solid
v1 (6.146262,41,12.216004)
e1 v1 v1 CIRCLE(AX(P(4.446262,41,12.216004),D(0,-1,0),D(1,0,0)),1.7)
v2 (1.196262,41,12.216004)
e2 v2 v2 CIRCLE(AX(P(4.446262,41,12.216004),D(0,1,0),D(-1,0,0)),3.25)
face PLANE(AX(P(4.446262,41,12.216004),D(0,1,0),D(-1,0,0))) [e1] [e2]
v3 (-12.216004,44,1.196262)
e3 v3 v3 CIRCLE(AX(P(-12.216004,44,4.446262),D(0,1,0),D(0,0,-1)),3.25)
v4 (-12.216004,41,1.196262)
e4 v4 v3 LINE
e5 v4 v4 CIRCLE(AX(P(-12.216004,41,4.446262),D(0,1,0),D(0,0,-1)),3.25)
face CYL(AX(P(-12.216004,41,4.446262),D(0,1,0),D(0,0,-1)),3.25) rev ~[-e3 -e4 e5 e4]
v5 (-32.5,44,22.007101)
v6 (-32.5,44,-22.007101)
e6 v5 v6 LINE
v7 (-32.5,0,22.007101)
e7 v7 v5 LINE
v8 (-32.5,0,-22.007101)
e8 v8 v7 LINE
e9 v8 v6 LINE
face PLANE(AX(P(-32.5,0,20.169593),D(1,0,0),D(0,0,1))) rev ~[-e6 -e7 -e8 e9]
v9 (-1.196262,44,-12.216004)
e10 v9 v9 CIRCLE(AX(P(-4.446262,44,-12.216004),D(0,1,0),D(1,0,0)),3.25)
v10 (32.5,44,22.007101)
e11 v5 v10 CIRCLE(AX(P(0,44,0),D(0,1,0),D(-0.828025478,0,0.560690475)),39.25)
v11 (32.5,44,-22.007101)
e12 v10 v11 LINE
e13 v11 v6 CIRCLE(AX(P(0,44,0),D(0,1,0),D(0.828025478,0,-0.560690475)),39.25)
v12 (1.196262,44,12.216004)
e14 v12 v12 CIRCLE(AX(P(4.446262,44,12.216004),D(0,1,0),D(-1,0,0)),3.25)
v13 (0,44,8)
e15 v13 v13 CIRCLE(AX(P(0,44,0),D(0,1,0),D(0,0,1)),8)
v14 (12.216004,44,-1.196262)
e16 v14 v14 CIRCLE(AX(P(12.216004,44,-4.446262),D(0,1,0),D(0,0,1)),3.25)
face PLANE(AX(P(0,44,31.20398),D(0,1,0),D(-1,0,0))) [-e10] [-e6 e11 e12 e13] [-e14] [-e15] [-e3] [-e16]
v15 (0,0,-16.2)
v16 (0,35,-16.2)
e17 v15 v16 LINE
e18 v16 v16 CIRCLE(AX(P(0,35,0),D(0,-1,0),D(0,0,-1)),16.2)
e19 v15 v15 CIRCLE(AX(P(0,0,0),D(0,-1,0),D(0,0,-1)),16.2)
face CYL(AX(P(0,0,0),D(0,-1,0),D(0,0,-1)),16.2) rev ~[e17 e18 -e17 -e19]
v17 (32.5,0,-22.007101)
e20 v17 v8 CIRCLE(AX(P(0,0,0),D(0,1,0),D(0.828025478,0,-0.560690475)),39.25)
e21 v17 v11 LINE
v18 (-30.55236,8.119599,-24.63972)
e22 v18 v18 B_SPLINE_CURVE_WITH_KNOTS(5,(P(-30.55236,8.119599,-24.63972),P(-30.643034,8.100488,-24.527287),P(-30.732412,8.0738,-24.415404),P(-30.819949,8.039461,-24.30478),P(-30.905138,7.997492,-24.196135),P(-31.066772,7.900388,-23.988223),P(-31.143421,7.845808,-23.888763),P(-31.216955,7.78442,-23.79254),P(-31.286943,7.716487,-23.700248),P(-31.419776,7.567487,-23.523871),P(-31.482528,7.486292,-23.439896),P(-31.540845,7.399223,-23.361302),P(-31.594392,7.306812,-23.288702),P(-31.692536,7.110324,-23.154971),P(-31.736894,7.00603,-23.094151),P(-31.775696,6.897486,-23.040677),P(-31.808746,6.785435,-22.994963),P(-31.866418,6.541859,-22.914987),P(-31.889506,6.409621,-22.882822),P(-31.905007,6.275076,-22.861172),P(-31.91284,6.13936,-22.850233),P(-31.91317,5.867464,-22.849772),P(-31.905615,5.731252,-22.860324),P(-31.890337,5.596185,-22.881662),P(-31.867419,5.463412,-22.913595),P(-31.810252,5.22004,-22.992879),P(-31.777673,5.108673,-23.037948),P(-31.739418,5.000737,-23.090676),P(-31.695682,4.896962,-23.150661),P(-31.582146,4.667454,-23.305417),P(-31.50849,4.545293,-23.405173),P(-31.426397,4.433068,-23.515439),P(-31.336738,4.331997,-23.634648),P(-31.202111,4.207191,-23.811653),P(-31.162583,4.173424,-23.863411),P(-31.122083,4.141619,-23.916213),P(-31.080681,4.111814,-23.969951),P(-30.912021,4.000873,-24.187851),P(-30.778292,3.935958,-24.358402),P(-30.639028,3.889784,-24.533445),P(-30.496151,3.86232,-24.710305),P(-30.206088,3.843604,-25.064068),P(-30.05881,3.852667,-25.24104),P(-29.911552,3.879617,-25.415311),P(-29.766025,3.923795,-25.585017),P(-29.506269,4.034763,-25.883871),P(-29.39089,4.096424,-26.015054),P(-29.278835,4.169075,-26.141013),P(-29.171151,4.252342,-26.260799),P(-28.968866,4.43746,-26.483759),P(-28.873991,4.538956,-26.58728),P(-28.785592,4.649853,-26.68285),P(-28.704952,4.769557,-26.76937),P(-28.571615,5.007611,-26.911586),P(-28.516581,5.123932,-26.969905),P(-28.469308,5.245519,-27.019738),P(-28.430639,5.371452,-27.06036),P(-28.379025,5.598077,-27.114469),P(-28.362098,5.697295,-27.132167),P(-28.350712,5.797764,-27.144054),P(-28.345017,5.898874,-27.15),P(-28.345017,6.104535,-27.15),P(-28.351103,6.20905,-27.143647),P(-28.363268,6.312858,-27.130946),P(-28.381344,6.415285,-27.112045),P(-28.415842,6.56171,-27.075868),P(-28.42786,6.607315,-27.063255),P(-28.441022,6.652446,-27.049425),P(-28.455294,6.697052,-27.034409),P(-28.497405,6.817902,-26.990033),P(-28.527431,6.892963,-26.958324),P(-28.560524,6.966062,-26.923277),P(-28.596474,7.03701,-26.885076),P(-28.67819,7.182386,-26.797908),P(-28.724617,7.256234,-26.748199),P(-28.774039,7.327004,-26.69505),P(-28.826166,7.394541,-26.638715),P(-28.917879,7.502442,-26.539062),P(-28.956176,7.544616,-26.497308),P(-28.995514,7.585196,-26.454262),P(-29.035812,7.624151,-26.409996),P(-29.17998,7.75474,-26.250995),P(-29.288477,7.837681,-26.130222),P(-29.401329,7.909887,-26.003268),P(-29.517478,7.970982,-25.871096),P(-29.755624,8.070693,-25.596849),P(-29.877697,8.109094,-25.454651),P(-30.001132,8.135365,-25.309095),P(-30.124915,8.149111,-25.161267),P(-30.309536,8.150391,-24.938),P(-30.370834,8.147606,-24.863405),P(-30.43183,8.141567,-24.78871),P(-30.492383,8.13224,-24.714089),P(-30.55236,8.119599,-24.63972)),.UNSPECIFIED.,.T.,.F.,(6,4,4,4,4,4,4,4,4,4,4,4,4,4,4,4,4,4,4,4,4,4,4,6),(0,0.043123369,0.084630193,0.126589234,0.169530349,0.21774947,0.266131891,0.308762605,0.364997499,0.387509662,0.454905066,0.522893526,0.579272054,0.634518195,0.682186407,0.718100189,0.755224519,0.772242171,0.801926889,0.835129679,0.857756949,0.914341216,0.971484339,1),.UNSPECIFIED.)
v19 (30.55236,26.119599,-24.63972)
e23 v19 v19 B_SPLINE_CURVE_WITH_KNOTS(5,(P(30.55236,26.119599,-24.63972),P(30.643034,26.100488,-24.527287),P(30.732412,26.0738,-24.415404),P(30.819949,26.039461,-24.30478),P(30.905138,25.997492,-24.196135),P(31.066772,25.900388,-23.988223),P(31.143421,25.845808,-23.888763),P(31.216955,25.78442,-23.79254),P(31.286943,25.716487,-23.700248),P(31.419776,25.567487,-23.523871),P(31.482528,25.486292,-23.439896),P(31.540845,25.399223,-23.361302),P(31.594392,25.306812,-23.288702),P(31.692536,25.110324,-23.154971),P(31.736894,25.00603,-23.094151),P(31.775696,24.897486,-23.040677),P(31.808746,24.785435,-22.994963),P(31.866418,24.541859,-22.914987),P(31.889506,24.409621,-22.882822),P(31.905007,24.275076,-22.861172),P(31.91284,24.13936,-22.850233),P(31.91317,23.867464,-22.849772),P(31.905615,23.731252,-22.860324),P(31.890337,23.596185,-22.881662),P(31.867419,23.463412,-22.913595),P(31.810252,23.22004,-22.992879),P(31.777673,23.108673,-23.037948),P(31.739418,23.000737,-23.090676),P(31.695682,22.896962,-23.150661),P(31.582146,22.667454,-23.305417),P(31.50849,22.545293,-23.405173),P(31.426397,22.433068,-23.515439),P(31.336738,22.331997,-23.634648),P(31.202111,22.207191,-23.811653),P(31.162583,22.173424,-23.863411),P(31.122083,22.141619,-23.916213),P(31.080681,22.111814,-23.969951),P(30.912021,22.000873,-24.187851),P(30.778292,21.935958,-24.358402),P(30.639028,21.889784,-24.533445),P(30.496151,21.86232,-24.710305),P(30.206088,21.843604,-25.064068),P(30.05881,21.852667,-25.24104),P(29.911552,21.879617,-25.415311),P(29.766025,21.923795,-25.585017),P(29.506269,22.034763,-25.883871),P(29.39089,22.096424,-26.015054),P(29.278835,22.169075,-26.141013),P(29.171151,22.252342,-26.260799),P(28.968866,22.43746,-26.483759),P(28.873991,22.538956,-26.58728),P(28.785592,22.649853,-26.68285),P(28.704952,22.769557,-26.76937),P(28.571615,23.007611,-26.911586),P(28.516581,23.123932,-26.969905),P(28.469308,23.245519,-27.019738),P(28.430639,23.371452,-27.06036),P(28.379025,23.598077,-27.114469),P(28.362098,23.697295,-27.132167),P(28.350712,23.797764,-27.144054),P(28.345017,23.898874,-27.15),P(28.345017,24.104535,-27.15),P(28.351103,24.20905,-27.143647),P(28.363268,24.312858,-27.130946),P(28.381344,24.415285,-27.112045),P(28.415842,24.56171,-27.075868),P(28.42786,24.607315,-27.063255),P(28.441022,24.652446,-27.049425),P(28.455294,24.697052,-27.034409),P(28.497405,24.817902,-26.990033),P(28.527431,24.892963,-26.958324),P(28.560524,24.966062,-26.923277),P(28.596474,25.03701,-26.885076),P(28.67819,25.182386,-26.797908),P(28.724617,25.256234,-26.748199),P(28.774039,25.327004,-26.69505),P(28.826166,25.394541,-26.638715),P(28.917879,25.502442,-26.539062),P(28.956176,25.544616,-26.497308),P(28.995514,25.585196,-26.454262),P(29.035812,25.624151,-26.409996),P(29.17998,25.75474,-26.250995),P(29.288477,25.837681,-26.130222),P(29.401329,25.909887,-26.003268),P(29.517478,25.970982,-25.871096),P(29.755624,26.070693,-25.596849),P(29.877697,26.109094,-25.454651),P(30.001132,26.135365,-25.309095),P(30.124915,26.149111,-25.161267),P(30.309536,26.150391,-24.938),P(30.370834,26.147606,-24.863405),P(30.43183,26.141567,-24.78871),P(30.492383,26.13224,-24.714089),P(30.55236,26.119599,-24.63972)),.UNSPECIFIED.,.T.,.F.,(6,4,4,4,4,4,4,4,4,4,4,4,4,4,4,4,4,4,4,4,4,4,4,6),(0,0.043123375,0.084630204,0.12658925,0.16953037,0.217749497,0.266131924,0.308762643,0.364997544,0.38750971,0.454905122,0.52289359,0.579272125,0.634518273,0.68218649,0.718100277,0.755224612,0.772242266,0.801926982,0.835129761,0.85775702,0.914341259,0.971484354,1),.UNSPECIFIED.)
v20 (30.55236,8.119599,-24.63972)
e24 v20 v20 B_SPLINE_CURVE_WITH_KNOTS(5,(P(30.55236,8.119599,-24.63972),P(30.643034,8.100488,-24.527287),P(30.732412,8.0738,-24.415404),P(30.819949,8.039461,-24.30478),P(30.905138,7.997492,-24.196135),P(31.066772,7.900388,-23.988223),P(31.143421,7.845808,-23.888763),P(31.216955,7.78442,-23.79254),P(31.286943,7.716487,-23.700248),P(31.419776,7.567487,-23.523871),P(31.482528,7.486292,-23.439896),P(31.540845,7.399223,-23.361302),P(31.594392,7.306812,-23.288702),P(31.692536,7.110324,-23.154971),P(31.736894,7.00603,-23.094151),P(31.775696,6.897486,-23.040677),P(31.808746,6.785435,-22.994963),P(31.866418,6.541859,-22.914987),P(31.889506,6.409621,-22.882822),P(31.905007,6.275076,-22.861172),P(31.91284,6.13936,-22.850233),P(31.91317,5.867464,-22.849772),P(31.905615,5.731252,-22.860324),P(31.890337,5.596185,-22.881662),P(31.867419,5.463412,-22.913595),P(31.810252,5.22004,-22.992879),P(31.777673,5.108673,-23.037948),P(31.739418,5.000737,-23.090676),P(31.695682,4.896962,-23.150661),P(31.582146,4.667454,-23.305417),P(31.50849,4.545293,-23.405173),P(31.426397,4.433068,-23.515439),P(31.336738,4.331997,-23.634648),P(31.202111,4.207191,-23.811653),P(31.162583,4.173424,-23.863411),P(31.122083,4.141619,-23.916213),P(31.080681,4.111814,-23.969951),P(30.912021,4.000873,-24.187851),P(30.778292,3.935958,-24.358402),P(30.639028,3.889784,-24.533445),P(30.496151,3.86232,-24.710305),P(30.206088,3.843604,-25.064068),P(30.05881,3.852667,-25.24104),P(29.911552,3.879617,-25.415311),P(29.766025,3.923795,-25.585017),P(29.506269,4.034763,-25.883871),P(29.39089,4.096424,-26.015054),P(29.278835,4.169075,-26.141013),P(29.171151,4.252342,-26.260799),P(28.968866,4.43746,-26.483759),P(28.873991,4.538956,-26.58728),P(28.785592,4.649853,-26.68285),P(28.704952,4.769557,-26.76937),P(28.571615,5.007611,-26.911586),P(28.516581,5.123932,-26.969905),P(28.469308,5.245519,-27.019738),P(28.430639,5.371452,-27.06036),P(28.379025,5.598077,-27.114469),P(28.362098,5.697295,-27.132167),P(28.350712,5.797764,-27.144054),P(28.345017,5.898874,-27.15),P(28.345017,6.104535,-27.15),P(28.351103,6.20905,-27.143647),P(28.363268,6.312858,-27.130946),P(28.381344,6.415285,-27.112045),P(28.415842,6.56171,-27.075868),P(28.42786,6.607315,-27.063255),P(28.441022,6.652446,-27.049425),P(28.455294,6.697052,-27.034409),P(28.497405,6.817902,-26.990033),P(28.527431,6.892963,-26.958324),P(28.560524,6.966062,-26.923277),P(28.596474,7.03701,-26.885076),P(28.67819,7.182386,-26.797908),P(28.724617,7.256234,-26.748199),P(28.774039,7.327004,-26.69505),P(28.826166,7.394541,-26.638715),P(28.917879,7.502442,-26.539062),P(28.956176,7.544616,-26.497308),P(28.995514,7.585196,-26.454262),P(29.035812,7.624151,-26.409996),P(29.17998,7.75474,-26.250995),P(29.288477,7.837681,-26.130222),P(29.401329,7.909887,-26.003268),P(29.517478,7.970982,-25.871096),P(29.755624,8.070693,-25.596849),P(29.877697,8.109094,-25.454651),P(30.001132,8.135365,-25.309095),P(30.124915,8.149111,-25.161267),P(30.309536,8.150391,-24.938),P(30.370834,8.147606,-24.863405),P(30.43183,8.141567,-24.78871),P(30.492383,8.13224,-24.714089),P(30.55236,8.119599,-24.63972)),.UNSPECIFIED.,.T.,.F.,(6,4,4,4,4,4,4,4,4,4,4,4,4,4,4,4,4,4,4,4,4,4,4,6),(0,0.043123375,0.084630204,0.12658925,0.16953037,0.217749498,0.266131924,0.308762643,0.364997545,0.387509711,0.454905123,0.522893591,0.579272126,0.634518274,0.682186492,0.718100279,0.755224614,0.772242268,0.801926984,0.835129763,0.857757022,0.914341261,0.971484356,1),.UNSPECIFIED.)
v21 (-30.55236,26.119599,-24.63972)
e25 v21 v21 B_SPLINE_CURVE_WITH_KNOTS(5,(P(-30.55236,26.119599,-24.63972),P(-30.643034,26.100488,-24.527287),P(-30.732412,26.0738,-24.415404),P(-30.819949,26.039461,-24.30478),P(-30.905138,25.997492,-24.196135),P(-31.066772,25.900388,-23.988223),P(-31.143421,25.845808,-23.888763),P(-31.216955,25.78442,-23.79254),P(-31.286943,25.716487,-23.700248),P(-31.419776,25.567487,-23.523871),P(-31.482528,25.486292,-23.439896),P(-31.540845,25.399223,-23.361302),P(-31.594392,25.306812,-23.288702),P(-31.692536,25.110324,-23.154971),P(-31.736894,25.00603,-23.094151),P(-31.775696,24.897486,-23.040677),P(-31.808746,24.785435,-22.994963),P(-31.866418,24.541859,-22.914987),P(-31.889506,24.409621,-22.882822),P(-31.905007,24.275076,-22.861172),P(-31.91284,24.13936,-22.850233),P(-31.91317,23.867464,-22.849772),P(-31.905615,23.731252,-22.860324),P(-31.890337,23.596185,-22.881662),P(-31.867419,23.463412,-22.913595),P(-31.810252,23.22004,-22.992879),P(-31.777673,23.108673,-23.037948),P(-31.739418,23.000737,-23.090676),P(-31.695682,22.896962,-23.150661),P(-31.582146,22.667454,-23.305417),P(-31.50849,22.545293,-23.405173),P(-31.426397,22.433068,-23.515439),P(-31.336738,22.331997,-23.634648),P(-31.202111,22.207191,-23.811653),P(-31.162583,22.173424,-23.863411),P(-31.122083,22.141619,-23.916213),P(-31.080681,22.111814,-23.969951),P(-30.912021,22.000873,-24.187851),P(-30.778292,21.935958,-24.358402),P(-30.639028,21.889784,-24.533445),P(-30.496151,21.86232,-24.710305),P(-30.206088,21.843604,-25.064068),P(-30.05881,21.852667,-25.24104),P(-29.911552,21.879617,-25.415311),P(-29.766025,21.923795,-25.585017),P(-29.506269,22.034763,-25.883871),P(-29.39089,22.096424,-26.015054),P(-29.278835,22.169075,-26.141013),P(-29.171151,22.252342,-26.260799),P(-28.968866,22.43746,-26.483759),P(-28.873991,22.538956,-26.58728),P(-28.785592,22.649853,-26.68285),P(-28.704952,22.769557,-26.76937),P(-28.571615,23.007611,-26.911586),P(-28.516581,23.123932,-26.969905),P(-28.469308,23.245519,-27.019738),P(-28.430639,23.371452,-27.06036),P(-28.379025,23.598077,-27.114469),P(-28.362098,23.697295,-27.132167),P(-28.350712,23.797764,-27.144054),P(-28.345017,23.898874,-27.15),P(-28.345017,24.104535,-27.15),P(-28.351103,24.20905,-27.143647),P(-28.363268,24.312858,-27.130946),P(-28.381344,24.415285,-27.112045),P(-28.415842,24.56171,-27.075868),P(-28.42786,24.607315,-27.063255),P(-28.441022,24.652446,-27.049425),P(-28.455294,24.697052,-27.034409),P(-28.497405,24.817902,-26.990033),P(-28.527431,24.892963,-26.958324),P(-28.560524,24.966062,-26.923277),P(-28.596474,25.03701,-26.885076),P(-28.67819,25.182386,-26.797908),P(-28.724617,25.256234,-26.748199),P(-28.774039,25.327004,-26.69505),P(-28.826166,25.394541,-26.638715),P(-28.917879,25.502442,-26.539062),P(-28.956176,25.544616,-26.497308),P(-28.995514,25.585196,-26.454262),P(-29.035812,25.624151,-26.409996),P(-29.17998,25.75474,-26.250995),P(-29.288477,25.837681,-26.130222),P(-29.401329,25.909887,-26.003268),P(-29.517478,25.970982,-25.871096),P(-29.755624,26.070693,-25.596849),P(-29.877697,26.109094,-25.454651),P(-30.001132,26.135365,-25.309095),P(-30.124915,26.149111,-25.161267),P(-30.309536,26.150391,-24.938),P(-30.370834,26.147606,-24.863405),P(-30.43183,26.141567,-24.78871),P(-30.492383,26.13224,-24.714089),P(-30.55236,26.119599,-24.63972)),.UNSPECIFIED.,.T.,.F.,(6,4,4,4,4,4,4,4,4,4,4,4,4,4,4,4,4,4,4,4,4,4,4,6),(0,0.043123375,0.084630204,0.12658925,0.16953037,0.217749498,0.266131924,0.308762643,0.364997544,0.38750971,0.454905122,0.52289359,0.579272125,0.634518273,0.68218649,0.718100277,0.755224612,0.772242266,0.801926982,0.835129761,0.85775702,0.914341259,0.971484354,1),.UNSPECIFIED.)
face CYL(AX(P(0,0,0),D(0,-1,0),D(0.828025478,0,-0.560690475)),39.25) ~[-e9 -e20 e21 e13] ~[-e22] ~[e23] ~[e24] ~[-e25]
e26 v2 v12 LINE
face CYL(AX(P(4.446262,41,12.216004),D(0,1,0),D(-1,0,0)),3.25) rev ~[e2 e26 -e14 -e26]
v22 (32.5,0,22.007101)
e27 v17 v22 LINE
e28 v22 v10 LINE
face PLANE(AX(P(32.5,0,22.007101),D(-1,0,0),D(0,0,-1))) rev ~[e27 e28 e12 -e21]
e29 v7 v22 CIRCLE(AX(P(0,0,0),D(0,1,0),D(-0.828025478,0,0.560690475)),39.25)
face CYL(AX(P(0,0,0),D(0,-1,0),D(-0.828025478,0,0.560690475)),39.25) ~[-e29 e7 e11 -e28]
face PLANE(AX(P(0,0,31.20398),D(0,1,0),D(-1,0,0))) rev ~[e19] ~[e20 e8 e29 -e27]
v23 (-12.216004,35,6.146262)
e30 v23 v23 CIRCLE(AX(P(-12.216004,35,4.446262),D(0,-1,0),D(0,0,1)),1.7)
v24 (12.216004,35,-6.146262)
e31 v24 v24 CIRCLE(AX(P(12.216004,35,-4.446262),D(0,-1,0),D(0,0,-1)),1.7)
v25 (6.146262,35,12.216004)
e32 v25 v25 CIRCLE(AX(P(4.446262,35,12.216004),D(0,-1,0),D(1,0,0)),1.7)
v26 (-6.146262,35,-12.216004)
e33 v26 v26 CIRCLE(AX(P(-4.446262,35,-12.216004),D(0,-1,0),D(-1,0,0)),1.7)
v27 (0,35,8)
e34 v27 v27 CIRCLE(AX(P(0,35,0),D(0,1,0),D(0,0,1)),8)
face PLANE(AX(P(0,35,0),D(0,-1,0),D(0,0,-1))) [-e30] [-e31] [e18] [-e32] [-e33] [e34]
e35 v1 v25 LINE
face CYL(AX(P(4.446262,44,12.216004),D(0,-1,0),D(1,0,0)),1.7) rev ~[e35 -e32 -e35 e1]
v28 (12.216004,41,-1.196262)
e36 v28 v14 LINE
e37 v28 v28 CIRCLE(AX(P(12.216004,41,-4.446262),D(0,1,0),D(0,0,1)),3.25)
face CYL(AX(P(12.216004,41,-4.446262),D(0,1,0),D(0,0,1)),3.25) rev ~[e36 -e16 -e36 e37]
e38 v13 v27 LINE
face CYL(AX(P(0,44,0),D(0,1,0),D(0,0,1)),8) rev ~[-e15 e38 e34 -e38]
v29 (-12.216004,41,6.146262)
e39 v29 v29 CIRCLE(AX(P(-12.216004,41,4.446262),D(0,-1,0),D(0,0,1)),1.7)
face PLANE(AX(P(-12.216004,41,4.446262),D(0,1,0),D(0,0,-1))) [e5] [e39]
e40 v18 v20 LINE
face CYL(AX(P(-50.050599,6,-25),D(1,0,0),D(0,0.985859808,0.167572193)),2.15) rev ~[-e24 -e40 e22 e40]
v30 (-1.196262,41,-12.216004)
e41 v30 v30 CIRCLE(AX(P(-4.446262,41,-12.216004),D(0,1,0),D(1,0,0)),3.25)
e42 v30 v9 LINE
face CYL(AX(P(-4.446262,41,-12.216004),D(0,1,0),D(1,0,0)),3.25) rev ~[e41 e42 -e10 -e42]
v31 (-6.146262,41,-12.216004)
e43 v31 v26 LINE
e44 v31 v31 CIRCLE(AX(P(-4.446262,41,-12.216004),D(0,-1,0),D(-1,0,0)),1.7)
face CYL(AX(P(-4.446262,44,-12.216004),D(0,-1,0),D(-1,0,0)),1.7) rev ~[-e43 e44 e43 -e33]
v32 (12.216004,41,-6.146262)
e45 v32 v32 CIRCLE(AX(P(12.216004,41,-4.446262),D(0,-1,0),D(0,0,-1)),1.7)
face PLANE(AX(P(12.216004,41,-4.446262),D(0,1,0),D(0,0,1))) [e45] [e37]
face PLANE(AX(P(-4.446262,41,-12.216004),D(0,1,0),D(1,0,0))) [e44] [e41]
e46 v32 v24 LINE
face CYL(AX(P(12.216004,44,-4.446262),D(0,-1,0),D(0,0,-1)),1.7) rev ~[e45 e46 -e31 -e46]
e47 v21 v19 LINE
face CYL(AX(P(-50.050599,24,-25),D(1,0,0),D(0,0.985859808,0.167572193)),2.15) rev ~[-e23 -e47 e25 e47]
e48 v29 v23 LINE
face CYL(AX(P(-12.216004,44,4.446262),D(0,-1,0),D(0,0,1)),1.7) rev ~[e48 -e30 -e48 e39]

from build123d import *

# Parameters (mm, degrees)
BOSS_EXTRUDE1_DEPTH            = 44
CBORE_FOR_M3_SHCS1_D           = 3.4
CBORE_FOR_M3_SHCS1_CBORE_D     = 6.5
CBORE_FOR_M3_SHCS1_CBORE_DEPTH = 3
CIRPATTERN1_COUNT              = 4
SKETCH4_R                      = 16.2
CUT_EXTRUDE1_DEPTH             = 35
SKETCH5_R                      = 8
CUT_EXTRUDE2_DEPTH             = 67.748127315
BOSS_EXTRUDE2_DEPTH            = 44
CBORE_FOR_M4_SHCS1_D           = 4.3
CBORE_FOR_M4_SHCS1_DEPTH       = 100.101198794
CBORE_FOR_M4_SHCS1_CBORE_D     = 8
CBORE_FOR_M4_SHCS1_CBORE_DEPTH = 4
CBORE_FOR_M4_SHCS1_TIP         = 1.291850331


with BuildPart() as part:
    # Sketch1 → Boss-Extrude1 (new body)
    with BuildSketch(Plane(origin=(0, 0, 0), x_dir=(1, 0, 0), z_dir=(0, 1, 0))):
        with BuildLine():
            Line((-32.5, 20.169593452), (-32.5, -20.169593452))
            ThreePointArc((-32.5, -20.169593452), (0, -38.25), (32.5, -20.169593452))
            Line((32.5, -20.169593452), (32.5, 20.169593452))
            ThreePointArc((32.5, 20.169593452), (0, 38.25), (-32.5, 20.169593452))
        make_face()
    extrude(amount=BOSS_EXTRUDE1_DEPTH)

    # CBORE for M3 SHCS1 (through all)
    with Locations(Plane(origin=(0, 44, 0), x_dir=(1, 0, 0), z_dir=(0, 1, 0))):
        with Locations((-4.446261863, 12.21600407)):
            cbore_for_m3_shcs1 = CounterBoreHole(CBORE_FOR_M3_SHCS1_D / 2, CBORE_FOR_M3_SHCS1_CBORE_D / 2, CBORE_FOR_M3_SHCS1_CBORE_DEPTH)

    # CirPattern1: CBORE for M3 SHCS1 ×4 about axis
    cirpattern1_axis = Axis((0, 0, 0), (0, 1, 0))
    for i in range(1, CIRPATTERN1_COUNT):
        add(cbore_for_m3_shcs1.rotate(cirpattern1_axis, i * 360 / CIRPATTERN1_COUNT), mode=Mode.SUBTRACT)

    # Sketch4 → Cut-Extrude1 (cut)
    with BuildSketch(Plane.XZ):
        with Locations(Location((0, 0, 0), (0, 0, 270))):
            Circle(SKETCH4_R)
    extrude(amount=-CUT_EXTRUDE1_DEPTH, mode=Mode.SUBTRACT)

    # Sketch5 → Cut-Extrude2 (cut, through all)
    with BuildSketch(Plane(origin=(0, 44, 0), x_dir=(1, 0, 0), z_dir=(0, 1, 0))):
        with Locations(Location((0, 0, 0), (0, 0, 270))):
            Circle(SKETCH5_R)
    extrude(amount=-CUT_EXTRUDE2_DEPTH, mode=Mode.SUBTRACT)

    # Sketch7 → Boss-Extrude2 (add)
    with BuildSketch(Plane.XZ):
        with BuildLine():
            Line((-32.5, 20.169593452), (-32.5, 22.007101127))
            ThreePointArc((-32.5, 22.007101127), (0, 39.25), (32.5, 22.007101127))
            Line((32.5, 22.007101127), (32.5, 20.169593452))
            ThreePointArc((32.5, 20.169593452), (0, 38.25), (-32.5, 20.169593452))
        make_face()
        with BuildLine():
            Line((32.5, -20.169593452), (32.5, -22.007101127))
            ThreePointArc((32.5, -22.007101127), (0, -39.25), (-32.5, -22.007101127))
            Line((-32.5, -22.007101127), (-32.5, -20.169593452))
            ThreePointArc((-32.5, -20.169593452), (0, -38.25), (32.5, -20.169593452))
        make_face()
    extrude(amount=-BOSS_EXTRUDE2_DEPTH)

    # CBORE for M4 SHCS1
    with Locations(Plane(origin=(-50.050599397, 499.724238547, -401.677021233), x_dir=(0, -0.9858598075393219, -0.16757219303491563), z_dir=(-1, 0, 0))):
        with Locations((405.876811742, 451.068889591), (423.622288278, 454.085189065)):
            CounterBoreHole(CBORE_FOR_M4_SHCS1_D / 2, CBORE_FOR_M4_SHCS1_CBORE_D / 2, CBORE_FOR_M4_SHCS1_CBORE_DEPTH, depth=CBORE_FOR_M4_SHCS1_DEPTH)
            with Locations((0, 0, -(CBORE_FOR_M4_SHCS1_DEPTH + CBORE_FOR_M4_SHCS1_TIP / 2))):  # 118° drill point
                Cone(0, CBORE_FOR_M4_SHCS1_D / 2, CBORE_FOR_M4_SHCS1_TIP, mode=Mode.SUBTRACT)


solid = part.part
